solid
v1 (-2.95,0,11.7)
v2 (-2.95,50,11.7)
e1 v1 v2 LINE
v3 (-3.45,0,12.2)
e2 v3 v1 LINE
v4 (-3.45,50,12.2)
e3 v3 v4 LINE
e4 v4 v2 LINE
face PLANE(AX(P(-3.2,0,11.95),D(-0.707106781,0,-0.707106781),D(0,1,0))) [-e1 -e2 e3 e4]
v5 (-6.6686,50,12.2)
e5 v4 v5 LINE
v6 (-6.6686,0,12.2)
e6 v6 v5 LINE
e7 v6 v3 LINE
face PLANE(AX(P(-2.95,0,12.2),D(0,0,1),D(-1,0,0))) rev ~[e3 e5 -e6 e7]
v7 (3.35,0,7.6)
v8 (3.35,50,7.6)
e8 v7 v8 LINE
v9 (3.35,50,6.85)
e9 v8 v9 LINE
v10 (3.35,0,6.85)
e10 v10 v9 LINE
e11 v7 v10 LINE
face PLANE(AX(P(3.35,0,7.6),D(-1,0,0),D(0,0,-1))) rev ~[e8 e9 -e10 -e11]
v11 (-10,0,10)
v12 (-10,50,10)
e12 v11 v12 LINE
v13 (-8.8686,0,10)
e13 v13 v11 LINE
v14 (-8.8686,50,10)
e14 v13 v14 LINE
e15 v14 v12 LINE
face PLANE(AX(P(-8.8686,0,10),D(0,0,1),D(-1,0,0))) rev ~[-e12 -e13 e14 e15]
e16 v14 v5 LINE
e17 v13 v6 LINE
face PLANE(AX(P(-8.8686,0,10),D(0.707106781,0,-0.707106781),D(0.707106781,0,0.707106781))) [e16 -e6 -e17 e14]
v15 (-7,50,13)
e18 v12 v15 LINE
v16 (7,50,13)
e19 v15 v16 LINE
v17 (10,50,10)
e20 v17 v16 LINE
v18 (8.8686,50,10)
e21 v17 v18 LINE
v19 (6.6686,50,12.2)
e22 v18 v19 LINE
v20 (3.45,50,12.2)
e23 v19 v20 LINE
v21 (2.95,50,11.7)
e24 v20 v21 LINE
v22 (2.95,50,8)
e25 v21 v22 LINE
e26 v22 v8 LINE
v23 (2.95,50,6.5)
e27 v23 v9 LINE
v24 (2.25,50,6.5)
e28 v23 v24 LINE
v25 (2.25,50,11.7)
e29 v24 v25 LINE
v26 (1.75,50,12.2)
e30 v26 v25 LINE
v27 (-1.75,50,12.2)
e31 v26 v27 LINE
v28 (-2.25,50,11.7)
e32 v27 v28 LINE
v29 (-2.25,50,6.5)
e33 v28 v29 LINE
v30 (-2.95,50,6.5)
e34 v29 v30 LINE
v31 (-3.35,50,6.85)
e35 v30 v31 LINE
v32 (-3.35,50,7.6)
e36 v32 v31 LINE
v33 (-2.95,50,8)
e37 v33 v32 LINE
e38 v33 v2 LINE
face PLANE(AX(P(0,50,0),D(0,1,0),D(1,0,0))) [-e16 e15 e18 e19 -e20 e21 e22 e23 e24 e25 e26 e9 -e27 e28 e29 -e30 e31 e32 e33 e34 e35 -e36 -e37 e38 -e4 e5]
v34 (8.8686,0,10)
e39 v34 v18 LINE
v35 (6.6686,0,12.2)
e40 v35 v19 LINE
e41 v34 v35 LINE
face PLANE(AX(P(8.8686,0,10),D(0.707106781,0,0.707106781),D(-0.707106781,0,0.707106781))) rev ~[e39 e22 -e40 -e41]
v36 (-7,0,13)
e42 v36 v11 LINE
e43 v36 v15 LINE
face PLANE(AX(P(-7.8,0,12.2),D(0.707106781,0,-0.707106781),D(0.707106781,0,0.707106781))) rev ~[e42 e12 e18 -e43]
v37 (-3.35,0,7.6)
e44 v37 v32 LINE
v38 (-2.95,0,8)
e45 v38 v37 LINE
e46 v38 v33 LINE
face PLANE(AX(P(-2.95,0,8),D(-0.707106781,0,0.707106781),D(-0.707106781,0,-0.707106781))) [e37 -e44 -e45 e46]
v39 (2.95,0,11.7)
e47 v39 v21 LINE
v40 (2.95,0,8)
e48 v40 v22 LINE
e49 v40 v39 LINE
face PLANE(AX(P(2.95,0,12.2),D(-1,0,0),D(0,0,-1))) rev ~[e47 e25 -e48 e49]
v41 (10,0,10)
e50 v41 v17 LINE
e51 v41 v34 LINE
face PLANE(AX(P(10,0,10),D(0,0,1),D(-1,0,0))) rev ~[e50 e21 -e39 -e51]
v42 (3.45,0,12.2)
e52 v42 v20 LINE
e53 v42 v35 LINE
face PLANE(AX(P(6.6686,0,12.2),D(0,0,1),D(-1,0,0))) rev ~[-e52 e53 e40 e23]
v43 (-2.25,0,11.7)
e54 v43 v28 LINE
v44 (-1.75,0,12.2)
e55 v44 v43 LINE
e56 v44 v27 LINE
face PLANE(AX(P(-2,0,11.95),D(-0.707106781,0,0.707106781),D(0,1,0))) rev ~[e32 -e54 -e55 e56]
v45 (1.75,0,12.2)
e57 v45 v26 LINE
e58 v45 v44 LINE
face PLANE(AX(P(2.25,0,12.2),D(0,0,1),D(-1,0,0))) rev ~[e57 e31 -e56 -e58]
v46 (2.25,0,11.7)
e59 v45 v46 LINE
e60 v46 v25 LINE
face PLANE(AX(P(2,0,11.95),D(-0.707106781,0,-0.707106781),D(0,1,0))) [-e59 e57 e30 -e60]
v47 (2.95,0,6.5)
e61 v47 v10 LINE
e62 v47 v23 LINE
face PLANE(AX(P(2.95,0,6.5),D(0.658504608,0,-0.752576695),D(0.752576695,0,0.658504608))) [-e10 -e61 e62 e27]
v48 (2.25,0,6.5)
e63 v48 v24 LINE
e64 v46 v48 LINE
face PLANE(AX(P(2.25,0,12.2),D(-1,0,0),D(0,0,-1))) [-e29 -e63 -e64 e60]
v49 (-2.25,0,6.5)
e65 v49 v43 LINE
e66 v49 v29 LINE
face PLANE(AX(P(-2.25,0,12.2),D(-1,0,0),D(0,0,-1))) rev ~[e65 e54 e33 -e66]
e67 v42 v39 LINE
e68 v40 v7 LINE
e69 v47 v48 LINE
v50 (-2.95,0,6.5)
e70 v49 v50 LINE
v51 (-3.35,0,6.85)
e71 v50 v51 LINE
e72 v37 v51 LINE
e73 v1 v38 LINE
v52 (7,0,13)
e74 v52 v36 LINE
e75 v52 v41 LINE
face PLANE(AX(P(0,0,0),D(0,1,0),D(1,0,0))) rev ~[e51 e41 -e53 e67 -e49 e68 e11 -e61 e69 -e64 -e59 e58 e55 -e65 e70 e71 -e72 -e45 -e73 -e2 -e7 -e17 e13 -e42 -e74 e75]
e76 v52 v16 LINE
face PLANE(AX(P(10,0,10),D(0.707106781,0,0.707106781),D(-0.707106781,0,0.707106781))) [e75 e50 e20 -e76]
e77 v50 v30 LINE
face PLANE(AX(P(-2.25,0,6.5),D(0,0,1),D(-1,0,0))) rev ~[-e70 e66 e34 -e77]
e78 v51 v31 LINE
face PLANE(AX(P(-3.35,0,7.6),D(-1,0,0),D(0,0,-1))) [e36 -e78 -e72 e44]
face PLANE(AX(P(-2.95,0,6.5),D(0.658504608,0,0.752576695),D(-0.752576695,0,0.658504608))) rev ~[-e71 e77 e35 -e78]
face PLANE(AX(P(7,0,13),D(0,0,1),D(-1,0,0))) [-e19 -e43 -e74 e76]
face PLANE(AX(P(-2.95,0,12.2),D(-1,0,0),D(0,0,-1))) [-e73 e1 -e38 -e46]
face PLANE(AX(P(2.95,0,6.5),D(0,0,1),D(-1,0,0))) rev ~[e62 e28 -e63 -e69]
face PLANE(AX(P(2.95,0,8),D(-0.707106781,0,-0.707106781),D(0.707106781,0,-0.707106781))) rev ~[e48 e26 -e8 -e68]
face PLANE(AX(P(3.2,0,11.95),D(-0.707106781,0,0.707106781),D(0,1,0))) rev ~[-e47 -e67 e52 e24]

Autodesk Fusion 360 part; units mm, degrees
sketch "Sketch1" plane through (0, 0, 0) normal (0, 1, 0) x (1, 0, 0)
  line L0 (10, -10) -> (-10, -10)
  line L1 (-10, -10) -> (-10, 10)
  line L2 (-10, 10) -> (10, 10)
  line L3 (10, 10) -> (10, -10)
  line L4 (10, -10) -> (-10, 10) construction
  line L5 (-10, -10) -> (10, 10) construction
  line L6 (-10, -10) -> (10, -10)
  line L7 (10, -10) -> (10, -13)
  line L8 (10, -13) -> (-10, -13)
  line L9 (-10, -13) -> (-10, -10)
  line L10 (-3.75, -13) -> (-3.75, 10)
  line L11 (3.75, -13) -> (3.75, 10)
  line L12 (-2.95, -13) -> (-2.95, 10)
  line L13 (2.95, -13) -> (2.95, 10)
  line L14 (6, -13) -> (6, 10)
  line L15 (-6, 10) -> (-6, -13)
  line L16 (-10, -8) -> (10, -8)
  line L17 (-2.25, -13) -> (-2.25, 10)
  line L18 (2.25, -13) -> (2.25, 10)
  line L19 (10, -6.5) -> (-10, -6.5)
  line L20 (10, -12.2) -> (-10, -12.2)
  line L21 (6, -12.2) -> (9.182, -12.2) construction
  line L22 (6.3314, -13) -> (10.913, -13) construction
  line L23 (-6, -12.2) -> (-9.182, -12.2) construction
  line L24 (-6.3314, -13) -> (-10.9441, -13) construction
  line L25 (2.95, -8) -> (3.75, -7.2)
  line L26 (2.95, -8) -> (4.0607, -8) construction
  line L27 (2.95, -6.5) -> (3.75, -7.2)
  line L28 (-2.95, -8) -> (-3.75, -7.2)
  line L29 (-2.95, -8) -> (-4.0607, -8) construction
  line L30 (-2.95, -6.5) -> (-3.75, -7.2)
  line L31 (-10, -10) -> (-7, -13)
  line L32 (-10, -10) -> (-5.7574, -10) construction
  line L33 (-8.8686, -10) -> (-6.6686, -12.2)
  line L34 (10, -10) -> (7, -13)
  line L35 (10, -10) -> (5.7574, -10) construction
  line L36 (8.8686, -10) -> (6.6686, -12.2)
  line L37 (3.35, -8) -> (3.35, -6.5)
  line L38 (-3.35, -8) -> (-3.35, -6.5)
  dimension "d1" = 20
  dimension "d2" = 20
  dimension "d3" = 20
  dimension "d4" = 3
  dimension "d5" = 7.5
  dimension "d6" = 3.75
  dimension "d7" = 5.9
  dimension "d8" = 2.95
  dimension "d9" = 12
  dimension "d10" = 6
  dimension "d11" = 2
  dimension "d12" = 4.5
  dimension "d13" = 2.25
  dimension "d14" = 1.5
  dimension "d15" = 0.8
  dimension "d29" = 45
  dimension "d30" = 45
  dimension "d31" = 45
  dimension "d32" = 45
  dimension "d33" = 0.8
  dimension "d34" = 0.8
  dimension "d35" = 0.4
  dimension "d36" = 0.4
extrude "Extrude1" add sketch "Sketch1" along normal blind 50 contours L0 L6 L20 L34 L36 | L8 L14 L20 L34 | L8 L11 L14 L20 | L0 L6 L13 L18 L20 | L0 L6 L13 L16 L18 | L8 L11 L13 L20 | L8 L13 L18 L20 | L13 L16 L18 L19 | L13 L25 L27 L37 | L0 L6 L12 L17 L20 | L0 L6 L12 L16 L17 | L8 L17 L18 L20 | L8 L12 L17 L20 | L12 L16 L17 L19 | L8 L10 L12 L20 | L12 L28 L30 L38 | L8 L10 L15 L20 | L0 L6 L20 L31 L33 | L8 L15 L20 L31
chamfer "Chamfer5" distance 0.5 angle 45 4 edges at (-2.25, 25, 12.2) (-2.95, 25, 12.2) (2.25, 25, 12.2) (2.95, 25, 12.2)
